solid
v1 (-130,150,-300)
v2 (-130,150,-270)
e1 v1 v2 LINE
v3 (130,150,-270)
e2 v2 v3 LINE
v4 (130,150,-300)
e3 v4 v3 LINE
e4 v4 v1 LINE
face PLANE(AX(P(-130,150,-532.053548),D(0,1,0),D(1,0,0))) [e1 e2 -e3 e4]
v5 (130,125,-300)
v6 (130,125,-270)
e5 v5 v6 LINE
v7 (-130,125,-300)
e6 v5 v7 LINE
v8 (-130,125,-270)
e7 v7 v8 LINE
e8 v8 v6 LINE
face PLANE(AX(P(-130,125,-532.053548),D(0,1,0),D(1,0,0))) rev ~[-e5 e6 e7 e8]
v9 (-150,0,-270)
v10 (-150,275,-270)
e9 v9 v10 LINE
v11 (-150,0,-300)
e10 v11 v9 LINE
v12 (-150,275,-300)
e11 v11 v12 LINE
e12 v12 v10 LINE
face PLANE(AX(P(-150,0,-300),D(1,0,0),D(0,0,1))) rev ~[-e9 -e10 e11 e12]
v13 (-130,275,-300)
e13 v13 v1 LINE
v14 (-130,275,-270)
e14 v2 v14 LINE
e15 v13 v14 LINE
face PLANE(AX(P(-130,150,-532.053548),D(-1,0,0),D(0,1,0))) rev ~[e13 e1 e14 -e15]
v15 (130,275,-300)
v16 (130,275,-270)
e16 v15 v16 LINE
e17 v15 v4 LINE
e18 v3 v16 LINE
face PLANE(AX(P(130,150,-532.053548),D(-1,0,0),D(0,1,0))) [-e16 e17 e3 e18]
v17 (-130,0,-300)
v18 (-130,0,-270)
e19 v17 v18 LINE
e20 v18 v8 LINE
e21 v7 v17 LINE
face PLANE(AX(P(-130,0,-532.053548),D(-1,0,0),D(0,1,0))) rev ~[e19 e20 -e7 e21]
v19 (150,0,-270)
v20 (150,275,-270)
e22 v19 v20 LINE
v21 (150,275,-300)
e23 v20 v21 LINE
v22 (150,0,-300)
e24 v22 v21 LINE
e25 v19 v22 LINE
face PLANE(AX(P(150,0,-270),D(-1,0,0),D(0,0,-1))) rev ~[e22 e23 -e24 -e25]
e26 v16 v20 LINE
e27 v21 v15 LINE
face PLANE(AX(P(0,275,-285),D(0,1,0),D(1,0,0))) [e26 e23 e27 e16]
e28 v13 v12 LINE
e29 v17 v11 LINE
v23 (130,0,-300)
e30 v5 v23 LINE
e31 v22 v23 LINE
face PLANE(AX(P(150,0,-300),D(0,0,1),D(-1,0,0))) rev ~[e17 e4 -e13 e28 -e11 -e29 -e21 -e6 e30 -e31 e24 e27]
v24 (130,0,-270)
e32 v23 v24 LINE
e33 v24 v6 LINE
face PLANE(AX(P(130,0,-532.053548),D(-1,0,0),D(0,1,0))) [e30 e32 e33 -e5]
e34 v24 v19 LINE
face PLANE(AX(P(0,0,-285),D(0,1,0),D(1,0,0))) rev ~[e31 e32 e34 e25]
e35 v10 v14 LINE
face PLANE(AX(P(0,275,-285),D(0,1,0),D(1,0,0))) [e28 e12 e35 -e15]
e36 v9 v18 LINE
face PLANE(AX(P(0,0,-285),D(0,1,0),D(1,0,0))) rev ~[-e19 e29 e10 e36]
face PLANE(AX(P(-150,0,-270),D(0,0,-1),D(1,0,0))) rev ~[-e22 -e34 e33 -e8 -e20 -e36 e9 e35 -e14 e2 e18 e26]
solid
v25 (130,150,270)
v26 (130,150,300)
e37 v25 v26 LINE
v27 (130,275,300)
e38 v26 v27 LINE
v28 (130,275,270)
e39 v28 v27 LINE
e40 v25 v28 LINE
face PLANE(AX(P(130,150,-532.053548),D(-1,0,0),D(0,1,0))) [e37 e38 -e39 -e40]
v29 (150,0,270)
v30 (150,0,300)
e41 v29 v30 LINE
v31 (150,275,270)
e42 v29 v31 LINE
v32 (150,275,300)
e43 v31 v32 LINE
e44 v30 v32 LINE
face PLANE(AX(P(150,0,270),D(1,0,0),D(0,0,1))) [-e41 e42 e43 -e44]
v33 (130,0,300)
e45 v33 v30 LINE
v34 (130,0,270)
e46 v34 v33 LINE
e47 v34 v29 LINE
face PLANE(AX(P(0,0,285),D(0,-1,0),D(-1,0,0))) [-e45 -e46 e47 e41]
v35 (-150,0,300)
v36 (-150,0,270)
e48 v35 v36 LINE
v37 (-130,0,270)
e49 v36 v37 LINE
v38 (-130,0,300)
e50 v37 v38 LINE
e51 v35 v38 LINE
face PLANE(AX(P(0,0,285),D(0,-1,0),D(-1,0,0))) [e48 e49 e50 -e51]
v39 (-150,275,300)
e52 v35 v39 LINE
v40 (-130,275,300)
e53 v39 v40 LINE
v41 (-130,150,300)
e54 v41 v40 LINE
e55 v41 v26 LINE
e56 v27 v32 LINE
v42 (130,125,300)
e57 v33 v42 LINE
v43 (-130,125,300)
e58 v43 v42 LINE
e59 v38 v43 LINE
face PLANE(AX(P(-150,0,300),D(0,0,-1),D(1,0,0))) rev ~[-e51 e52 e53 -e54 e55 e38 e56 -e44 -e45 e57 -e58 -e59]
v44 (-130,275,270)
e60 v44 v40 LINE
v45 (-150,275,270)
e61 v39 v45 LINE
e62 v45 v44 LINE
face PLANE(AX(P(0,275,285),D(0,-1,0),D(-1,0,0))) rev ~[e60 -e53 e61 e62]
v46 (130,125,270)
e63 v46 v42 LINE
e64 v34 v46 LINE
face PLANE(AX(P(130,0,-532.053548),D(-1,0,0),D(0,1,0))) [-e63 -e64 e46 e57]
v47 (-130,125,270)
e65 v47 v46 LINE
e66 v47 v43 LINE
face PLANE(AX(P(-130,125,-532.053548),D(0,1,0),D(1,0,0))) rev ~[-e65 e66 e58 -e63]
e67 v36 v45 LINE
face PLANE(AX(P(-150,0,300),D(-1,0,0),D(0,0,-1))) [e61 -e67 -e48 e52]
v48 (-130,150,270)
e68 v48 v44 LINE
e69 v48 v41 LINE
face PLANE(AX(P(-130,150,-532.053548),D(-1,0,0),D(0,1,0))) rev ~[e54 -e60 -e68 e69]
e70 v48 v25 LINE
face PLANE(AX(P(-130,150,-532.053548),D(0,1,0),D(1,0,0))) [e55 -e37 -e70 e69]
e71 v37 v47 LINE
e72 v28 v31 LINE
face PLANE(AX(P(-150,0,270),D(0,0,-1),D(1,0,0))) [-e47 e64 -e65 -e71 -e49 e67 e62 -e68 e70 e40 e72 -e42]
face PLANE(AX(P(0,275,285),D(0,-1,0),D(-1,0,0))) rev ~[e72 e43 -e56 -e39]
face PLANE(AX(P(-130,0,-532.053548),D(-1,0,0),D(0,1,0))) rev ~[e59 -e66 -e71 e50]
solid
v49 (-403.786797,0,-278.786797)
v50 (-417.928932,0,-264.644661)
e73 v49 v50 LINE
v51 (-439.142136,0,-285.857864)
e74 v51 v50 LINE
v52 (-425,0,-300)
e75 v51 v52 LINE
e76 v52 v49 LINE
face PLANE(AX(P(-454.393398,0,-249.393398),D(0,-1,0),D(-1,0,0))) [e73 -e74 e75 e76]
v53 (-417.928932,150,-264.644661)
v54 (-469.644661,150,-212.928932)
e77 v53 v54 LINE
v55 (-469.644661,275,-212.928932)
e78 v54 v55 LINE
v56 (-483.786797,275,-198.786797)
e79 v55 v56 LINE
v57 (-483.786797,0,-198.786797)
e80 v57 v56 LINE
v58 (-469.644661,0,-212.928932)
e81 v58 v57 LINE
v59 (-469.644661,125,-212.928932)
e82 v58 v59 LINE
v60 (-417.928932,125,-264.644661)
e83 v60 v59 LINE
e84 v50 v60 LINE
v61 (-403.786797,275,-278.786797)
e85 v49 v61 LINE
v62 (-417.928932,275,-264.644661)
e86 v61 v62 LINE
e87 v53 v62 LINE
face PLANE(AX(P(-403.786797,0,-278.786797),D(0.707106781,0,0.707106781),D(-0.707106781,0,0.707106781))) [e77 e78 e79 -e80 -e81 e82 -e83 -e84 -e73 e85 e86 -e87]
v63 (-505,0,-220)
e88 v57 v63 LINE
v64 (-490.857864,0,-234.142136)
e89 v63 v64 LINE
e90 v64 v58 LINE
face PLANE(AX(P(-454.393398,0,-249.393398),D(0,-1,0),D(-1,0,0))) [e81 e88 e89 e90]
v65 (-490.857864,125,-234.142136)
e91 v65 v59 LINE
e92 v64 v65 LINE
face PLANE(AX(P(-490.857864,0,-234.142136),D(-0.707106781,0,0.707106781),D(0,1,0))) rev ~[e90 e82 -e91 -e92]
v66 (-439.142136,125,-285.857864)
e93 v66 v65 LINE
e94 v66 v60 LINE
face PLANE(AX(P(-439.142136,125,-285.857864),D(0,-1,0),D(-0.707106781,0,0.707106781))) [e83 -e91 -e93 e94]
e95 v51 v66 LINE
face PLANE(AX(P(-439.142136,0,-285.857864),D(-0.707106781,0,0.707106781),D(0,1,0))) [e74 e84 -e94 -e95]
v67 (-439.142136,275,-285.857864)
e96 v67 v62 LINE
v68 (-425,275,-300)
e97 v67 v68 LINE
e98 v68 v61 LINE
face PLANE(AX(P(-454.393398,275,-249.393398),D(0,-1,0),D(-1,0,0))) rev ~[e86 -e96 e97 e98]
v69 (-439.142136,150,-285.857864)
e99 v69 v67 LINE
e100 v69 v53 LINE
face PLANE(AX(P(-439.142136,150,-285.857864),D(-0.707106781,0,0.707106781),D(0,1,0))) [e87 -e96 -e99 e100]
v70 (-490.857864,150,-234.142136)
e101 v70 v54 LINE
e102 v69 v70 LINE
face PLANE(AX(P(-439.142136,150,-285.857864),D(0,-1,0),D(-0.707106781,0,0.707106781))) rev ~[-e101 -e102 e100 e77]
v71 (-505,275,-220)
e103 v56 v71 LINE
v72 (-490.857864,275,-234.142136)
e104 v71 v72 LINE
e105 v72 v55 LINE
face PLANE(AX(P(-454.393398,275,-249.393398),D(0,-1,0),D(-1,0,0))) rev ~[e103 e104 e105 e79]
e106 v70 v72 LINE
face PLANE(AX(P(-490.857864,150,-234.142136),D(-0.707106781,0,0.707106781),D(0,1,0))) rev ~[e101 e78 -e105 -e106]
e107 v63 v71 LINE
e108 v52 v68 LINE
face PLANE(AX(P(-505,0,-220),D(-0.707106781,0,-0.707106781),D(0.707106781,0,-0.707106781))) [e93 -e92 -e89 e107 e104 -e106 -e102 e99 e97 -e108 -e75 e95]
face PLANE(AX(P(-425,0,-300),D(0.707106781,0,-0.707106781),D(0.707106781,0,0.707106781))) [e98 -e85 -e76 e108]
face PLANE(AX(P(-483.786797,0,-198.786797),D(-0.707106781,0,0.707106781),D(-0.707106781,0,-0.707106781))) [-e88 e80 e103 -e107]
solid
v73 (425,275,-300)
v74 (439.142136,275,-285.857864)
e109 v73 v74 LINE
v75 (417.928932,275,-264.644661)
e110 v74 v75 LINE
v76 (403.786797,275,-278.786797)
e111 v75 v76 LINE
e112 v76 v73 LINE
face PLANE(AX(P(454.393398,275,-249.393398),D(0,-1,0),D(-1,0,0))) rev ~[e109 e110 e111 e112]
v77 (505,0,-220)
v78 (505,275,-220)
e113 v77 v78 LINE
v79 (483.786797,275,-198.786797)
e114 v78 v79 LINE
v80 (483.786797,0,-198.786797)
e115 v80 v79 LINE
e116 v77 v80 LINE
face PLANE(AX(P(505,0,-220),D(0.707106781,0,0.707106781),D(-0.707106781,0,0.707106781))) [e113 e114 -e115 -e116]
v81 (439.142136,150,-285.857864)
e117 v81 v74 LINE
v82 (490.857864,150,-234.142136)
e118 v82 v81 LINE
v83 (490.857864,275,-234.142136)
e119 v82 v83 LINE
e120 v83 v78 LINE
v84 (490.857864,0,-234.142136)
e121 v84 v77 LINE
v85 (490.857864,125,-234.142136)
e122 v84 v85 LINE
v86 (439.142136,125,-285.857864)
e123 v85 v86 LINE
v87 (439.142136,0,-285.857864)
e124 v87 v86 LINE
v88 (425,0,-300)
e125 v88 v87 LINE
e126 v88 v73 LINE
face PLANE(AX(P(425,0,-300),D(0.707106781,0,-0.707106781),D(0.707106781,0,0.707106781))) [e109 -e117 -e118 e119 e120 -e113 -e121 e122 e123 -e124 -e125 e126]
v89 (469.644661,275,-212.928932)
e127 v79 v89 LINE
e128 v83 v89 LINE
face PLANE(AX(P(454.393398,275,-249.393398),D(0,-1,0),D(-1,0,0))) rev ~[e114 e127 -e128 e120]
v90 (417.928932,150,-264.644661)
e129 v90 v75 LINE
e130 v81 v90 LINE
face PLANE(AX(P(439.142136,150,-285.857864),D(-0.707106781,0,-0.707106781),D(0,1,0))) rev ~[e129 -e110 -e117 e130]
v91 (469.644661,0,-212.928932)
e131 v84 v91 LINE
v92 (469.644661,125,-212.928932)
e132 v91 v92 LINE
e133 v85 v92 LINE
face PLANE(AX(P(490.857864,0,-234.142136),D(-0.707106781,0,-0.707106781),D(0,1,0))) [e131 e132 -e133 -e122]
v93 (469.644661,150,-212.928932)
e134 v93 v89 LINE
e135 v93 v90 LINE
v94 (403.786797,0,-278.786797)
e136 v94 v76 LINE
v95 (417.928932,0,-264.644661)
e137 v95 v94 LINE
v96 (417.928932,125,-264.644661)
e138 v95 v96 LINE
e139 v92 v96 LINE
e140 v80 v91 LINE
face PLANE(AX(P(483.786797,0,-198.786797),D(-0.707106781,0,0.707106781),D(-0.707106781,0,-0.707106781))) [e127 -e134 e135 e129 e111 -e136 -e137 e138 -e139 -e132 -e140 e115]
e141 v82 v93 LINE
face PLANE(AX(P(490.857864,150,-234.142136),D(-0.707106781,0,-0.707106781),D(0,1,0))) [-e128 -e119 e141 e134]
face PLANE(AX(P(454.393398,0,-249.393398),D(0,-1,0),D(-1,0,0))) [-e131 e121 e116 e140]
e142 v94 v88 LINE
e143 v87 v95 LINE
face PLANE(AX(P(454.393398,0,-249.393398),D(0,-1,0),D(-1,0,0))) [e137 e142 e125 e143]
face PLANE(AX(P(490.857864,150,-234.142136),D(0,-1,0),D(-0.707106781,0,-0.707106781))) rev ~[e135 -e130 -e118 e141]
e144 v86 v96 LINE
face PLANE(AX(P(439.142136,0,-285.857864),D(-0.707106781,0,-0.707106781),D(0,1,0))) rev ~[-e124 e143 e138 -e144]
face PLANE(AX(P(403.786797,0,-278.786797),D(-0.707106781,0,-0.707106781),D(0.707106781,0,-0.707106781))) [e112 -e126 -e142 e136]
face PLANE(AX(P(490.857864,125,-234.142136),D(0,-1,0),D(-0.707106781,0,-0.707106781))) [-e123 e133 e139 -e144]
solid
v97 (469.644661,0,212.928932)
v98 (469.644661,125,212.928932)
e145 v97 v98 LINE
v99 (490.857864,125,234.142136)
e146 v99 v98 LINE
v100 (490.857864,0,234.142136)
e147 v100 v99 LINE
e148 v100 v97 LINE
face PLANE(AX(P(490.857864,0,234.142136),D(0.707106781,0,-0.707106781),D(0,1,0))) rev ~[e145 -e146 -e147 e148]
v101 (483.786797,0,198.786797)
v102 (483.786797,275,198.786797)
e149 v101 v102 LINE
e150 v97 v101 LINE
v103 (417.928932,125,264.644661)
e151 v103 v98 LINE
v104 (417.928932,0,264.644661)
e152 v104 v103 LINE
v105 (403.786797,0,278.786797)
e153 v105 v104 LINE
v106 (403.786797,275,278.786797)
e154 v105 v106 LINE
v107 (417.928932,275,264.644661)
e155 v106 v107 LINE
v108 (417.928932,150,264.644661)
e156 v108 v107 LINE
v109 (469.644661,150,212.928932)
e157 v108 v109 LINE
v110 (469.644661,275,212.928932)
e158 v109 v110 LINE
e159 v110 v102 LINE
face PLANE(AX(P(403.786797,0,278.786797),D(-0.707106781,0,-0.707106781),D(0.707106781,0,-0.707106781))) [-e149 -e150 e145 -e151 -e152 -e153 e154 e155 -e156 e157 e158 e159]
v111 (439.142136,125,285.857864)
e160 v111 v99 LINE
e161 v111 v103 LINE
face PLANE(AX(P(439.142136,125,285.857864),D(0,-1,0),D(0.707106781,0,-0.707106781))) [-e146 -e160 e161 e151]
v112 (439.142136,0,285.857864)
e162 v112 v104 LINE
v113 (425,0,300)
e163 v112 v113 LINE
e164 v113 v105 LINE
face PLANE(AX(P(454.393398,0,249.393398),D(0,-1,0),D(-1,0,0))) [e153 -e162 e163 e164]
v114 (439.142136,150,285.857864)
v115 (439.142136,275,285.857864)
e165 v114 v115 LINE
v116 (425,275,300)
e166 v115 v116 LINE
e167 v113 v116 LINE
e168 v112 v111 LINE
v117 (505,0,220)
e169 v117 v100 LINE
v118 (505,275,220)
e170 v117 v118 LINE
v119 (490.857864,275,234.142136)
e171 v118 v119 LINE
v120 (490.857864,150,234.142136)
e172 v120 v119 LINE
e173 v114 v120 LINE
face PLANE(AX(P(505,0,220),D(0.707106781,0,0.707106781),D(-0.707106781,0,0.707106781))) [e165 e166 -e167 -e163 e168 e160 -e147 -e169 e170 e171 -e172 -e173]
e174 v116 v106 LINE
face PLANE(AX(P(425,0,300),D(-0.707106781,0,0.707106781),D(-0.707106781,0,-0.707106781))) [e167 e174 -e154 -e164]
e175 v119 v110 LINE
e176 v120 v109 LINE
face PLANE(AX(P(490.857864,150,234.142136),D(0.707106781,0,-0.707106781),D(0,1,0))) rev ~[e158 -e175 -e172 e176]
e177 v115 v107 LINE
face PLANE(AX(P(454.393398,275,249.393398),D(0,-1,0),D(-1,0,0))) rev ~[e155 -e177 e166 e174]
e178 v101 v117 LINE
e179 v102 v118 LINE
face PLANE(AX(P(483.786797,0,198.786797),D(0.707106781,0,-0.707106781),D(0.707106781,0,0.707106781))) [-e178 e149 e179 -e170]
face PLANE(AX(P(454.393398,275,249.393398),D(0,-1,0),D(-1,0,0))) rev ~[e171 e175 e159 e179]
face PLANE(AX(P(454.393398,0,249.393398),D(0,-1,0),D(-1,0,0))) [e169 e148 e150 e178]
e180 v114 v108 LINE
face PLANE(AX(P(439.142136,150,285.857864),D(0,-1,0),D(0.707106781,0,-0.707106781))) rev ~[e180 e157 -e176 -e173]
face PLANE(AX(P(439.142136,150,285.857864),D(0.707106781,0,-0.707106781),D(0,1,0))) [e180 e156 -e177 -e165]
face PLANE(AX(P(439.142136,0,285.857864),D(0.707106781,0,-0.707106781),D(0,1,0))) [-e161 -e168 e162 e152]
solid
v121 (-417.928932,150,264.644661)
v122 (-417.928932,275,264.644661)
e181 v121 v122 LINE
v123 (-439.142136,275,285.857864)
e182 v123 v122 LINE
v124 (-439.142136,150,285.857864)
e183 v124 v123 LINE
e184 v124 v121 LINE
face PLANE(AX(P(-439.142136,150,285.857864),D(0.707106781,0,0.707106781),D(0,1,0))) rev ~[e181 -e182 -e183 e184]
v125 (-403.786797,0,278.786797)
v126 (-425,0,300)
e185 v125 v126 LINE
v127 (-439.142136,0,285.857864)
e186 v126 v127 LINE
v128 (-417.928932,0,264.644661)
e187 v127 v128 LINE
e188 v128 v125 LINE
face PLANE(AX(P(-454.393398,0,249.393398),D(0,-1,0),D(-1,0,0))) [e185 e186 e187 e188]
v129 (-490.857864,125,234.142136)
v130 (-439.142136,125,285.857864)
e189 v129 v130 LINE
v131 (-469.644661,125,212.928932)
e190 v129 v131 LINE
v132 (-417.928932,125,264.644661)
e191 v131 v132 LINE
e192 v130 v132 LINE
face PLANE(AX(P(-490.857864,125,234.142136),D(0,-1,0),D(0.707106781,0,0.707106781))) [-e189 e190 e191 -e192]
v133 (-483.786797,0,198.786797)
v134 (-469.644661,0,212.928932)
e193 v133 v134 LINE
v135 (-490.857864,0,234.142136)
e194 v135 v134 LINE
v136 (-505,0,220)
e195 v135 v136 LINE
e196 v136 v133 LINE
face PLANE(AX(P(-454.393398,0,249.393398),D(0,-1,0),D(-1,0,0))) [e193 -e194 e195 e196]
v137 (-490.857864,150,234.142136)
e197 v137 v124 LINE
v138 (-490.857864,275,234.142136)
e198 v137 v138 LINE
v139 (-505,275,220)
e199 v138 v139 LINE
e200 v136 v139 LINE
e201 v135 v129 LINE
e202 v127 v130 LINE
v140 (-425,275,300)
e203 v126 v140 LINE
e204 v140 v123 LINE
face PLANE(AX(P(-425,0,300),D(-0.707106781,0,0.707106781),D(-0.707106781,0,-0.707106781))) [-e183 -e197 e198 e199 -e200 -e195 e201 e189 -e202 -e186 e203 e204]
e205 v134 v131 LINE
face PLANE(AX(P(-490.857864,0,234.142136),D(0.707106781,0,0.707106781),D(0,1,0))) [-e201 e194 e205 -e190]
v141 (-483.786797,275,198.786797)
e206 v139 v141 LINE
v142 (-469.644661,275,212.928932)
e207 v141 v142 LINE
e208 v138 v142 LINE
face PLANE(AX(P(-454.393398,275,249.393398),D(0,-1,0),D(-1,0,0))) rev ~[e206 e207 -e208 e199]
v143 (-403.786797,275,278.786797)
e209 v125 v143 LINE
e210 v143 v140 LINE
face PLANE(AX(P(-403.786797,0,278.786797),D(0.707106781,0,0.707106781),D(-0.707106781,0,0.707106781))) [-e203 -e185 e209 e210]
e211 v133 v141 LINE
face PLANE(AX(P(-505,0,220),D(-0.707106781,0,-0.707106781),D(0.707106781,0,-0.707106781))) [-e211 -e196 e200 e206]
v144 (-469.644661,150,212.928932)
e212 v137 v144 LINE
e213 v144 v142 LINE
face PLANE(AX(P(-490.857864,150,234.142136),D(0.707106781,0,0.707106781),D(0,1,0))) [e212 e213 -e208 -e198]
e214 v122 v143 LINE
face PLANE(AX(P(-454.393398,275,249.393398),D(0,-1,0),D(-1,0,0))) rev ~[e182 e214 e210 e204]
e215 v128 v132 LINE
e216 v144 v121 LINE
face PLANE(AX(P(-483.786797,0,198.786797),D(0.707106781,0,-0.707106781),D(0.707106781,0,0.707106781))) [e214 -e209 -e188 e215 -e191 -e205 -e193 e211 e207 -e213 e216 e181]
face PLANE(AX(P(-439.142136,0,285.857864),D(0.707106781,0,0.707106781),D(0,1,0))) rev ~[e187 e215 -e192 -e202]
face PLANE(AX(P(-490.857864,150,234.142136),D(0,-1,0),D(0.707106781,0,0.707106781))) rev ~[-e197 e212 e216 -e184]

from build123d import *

# Parameters (mm, degrees)
EXTRUDE_1_DEPTH          = 275
EXTRUDE_1_2_DEPTH        = 275
EXTRUDE_1_3_DEPTH        = 275
EXTRUDE_1_4_DEPTH        = 275
EXTRUDE_1_5_DEPTH        = 275
EXTRUDE_1_6_DEPTH        = 275
CUT_EXTRUDE_1_DEPTH      = 832.053548215
CUT_EXTRUDE_1_DEPTH_BACK = 832.053548215
SKETCH_2_W               = 260
SKETCH_2_H               = 125
SKETCH_3_W               = 73.13708499
SKETCH_3_H               = 125
CUT_EXTRUDE_2_DEPTH      = 30
SKETCH_4_W               = 73.13708499
SKETCH_4_H               = 125
CUT_EXTRUDE_3_DEPTH      = 30
SKETCH_5_W               = 73.13708499
SKETCH_5_H               = 125
CUT_EXTRUDE_4_DEPTH      = 30
SKETCH_6_W               = 73.13708499
SKETCH_6_H               = 125
CUT_EXTRUDE_5_DEPTH      = 30


with BuildPart() as part:
    # 草图1 → 凸台-拉伸1 (new body)
    with BuildSketch(Plane(origin=(0, 0, 0), x_dir=(1, 0, 0), z_dir=(0, 1, 0))):
        Polygon((-505, 220), (-425, 300), (-403.786796564, 278.786796564), (-483.786796564, 198.786796564), align=None)
    extrude(amount=EXTRUDE_1_DEPTH)

    # 草图5 → 切除-拉伸4 (cut)
    with BuildSketch(Plane(origin=(-362.5, 0, -362.5), x_dir=(-0.7071067811865475, 0, 0.7071067811865477), z_dir=(-0.7071067811865477, 0, -0.7071067811865475))):
        with Locations((144.956890143, 212.5)):
            Rectangle(SKETCH_5_W, SKETCH_5_H)
        with Locations((144.956890143, 62.5)):
            Rectangle(SKETCH_5_W, SKETCH_5_H)
    extrude(amount=-CUT_EXTRUDE_4_DEPTH, mode=Mode.SUBTRACT)


with BuildPart() as body_2:
    # 草图1 → Extrude 1 2 (new body)
    with BuildSketch(Plane(origin=(0, 0, 0), x_dir=(1, 0, 0), z_dir=(0, 1, 0))):
        Polygon((-150, 270), (150, 270), (150, 300), (0, 300), (-150, 300), align=None)
    extrude(amount=EXTRUDE_1_2_DEPTH)


with BuildPart() as body_3:
    # 草图1 → Extrude 1 3 (new body)
    with BuildSketch(Plane(origin=(0, 0, 0), x_dir=(1, 0, 0), z_dir=(0, 1, 0))):
        Polygon((505, 220), (483.786796564, 198.786796564), (403.786796564, 278.786796564), (425, 300), align=None)
    extrude(amount=EXTRUDE_1_3_DEPTH)

    # 草图4 → 切除-拉伸3 (cut)
    with BuildSketch(Plane(origin=(362.5, 0, -362.5), x_dir=(-0.7071067811865475, 0, -0.7071067811865477), z_dir=(0.7071067811865477, 0, -0.7071067811865475))):
        with Locations((-144.956890143, 212.5)):
            Rectangle(SKETCH_4_W, SKETCH_4_H)
        with Locations((-144.956890143, 62.5)):
            Rectangle(SKETCH_4_W, SKETCH_4_H)
    extrude(amount=-CUT_EXTRUDE_3_DEPTH, mode=Mode.SUBTRACT)


with BuildPart() as body_4:
    # 草图1 → Extrude 1 4 (new body)
    with BuildSketch(Plane(origin=(0, 0, 0), x_dir=(1, 0, 0), z_dir=(0, 1, 0))):
        Polygon((505, -220), (425, -300), (403.786796564, -278.786796564), (483.786796564, -198.786796564), align=None)
    extrude(amount=EXTRUDE_1_4_DEPTH)

    # 草图3 → 切除-拉伸2 (cut)
    with BuildSketch(Plane(origin=(362.5, 0, 362.5), x_dir=(0.7071067811865475, 0, -0.7071067811865477), z_dir=(0.7071067811865477, 0, 0.7071067811865475))):
        with Locations((144.956890143, 212.5)):
            Rectangle(SKETCH_3_W, SKETCH_3_H)
        with Locations((144.956890143, 62.5)):
            Rectangle(SKETCH_3_W, SKETCH_3_H)
    extrude(amount=-CUT_EXTRUDE_2_DEPTH, mode=Mode.SUBTRACT)


with BuildPart() as body_5:
    # 草图1 → Extrude 1 5 (new body)
    with BuildSketch(Plane(origin=(0, 0, 0), x_dir=(1, 0, 0), z_dir=(0, 1, 0))):
        Polygon((-150, -300), (-150, -270), (150, -270), (150, -300), (0, -300), align=None)
    extrude(amount=EXTRUDE_1_5_DEPTH)


with BuildPart() as body_6:
    # 草图1 → Extrude 1 6 (new body)
    with BuildSketch(Plane(origin=(0, 0, 0), x_dir=(1, 0, 0), z_dir=(0, 1, 0))):
        Polygon((-505, -220), (-483.786796564, -198.786796564), (-403.786796564, -278.786796564), (-425, -300), align=None)
    extrude(amount=EXTRUDE_1_6_DEPTH)

    # 草图6 → 切除-拉伸5 (cut)
    with BuildSketch(Plane(origin=(-362.5, 0, 362.5), x_dir=(0.7071067811865475, 0, 0.7071067811865477), z_dir=(-0.7071067811865477, 0, 0.7071067811865475))):
        with Locations((-144.956890143, 212.5)):
            Rectangle(SKETCH_6_W, SKETCH_6_H)
        with Locations((-144.956890143, 62.5)):
            Rectangle(SKETCH_6_W, SKETCH_6_H)
    extrude(amount=-CUT_EXTRUDE_5_DEPTH, mode=Mode.SUBTRACT)


with BuildPart() as cut_extrude_1_tool:
    # 草图2 → 切除-拉伸1 (new, two sides: drawn at the far end of the back side and taken through both)
    with BuildSketch(Plane.XY.offset(300).offset(-CUT_EXTRUDE_1_DEPTH_BACK)):
        with Locations((0, 212.5)):
            Rectangle(SKETCH_2_W, SKETCH_2_H)
        with Locations((0, 62.5)):
            Rectangle(SKETCH_2_W, SKETCH_2_H)
    extrude(amount=CUT_EXTRUDE_1_DEPTH + CUT_EXTRUDE_1_DEPTH_BACK)


with BuildPart() as body_2_1:
    add(body_2.part)

    # 切除-拉伸1: cut by cut_extrude_1_tool
    add(cut_extrude_1_tool.part, mode=Mode.SUBTRACT)


with BuildPart() as body_5_1:
    add(body_5.part)

    # 切除-拉伸1: cut by cut_extrude_1_tool
    add(cut_extrude_1_tool.part, mode=Mode.SUBTRACT)


solid = Compound([part.part, body_3.part, body_4.part, body_6.part, body_2_1.part, body_5_1.part])
